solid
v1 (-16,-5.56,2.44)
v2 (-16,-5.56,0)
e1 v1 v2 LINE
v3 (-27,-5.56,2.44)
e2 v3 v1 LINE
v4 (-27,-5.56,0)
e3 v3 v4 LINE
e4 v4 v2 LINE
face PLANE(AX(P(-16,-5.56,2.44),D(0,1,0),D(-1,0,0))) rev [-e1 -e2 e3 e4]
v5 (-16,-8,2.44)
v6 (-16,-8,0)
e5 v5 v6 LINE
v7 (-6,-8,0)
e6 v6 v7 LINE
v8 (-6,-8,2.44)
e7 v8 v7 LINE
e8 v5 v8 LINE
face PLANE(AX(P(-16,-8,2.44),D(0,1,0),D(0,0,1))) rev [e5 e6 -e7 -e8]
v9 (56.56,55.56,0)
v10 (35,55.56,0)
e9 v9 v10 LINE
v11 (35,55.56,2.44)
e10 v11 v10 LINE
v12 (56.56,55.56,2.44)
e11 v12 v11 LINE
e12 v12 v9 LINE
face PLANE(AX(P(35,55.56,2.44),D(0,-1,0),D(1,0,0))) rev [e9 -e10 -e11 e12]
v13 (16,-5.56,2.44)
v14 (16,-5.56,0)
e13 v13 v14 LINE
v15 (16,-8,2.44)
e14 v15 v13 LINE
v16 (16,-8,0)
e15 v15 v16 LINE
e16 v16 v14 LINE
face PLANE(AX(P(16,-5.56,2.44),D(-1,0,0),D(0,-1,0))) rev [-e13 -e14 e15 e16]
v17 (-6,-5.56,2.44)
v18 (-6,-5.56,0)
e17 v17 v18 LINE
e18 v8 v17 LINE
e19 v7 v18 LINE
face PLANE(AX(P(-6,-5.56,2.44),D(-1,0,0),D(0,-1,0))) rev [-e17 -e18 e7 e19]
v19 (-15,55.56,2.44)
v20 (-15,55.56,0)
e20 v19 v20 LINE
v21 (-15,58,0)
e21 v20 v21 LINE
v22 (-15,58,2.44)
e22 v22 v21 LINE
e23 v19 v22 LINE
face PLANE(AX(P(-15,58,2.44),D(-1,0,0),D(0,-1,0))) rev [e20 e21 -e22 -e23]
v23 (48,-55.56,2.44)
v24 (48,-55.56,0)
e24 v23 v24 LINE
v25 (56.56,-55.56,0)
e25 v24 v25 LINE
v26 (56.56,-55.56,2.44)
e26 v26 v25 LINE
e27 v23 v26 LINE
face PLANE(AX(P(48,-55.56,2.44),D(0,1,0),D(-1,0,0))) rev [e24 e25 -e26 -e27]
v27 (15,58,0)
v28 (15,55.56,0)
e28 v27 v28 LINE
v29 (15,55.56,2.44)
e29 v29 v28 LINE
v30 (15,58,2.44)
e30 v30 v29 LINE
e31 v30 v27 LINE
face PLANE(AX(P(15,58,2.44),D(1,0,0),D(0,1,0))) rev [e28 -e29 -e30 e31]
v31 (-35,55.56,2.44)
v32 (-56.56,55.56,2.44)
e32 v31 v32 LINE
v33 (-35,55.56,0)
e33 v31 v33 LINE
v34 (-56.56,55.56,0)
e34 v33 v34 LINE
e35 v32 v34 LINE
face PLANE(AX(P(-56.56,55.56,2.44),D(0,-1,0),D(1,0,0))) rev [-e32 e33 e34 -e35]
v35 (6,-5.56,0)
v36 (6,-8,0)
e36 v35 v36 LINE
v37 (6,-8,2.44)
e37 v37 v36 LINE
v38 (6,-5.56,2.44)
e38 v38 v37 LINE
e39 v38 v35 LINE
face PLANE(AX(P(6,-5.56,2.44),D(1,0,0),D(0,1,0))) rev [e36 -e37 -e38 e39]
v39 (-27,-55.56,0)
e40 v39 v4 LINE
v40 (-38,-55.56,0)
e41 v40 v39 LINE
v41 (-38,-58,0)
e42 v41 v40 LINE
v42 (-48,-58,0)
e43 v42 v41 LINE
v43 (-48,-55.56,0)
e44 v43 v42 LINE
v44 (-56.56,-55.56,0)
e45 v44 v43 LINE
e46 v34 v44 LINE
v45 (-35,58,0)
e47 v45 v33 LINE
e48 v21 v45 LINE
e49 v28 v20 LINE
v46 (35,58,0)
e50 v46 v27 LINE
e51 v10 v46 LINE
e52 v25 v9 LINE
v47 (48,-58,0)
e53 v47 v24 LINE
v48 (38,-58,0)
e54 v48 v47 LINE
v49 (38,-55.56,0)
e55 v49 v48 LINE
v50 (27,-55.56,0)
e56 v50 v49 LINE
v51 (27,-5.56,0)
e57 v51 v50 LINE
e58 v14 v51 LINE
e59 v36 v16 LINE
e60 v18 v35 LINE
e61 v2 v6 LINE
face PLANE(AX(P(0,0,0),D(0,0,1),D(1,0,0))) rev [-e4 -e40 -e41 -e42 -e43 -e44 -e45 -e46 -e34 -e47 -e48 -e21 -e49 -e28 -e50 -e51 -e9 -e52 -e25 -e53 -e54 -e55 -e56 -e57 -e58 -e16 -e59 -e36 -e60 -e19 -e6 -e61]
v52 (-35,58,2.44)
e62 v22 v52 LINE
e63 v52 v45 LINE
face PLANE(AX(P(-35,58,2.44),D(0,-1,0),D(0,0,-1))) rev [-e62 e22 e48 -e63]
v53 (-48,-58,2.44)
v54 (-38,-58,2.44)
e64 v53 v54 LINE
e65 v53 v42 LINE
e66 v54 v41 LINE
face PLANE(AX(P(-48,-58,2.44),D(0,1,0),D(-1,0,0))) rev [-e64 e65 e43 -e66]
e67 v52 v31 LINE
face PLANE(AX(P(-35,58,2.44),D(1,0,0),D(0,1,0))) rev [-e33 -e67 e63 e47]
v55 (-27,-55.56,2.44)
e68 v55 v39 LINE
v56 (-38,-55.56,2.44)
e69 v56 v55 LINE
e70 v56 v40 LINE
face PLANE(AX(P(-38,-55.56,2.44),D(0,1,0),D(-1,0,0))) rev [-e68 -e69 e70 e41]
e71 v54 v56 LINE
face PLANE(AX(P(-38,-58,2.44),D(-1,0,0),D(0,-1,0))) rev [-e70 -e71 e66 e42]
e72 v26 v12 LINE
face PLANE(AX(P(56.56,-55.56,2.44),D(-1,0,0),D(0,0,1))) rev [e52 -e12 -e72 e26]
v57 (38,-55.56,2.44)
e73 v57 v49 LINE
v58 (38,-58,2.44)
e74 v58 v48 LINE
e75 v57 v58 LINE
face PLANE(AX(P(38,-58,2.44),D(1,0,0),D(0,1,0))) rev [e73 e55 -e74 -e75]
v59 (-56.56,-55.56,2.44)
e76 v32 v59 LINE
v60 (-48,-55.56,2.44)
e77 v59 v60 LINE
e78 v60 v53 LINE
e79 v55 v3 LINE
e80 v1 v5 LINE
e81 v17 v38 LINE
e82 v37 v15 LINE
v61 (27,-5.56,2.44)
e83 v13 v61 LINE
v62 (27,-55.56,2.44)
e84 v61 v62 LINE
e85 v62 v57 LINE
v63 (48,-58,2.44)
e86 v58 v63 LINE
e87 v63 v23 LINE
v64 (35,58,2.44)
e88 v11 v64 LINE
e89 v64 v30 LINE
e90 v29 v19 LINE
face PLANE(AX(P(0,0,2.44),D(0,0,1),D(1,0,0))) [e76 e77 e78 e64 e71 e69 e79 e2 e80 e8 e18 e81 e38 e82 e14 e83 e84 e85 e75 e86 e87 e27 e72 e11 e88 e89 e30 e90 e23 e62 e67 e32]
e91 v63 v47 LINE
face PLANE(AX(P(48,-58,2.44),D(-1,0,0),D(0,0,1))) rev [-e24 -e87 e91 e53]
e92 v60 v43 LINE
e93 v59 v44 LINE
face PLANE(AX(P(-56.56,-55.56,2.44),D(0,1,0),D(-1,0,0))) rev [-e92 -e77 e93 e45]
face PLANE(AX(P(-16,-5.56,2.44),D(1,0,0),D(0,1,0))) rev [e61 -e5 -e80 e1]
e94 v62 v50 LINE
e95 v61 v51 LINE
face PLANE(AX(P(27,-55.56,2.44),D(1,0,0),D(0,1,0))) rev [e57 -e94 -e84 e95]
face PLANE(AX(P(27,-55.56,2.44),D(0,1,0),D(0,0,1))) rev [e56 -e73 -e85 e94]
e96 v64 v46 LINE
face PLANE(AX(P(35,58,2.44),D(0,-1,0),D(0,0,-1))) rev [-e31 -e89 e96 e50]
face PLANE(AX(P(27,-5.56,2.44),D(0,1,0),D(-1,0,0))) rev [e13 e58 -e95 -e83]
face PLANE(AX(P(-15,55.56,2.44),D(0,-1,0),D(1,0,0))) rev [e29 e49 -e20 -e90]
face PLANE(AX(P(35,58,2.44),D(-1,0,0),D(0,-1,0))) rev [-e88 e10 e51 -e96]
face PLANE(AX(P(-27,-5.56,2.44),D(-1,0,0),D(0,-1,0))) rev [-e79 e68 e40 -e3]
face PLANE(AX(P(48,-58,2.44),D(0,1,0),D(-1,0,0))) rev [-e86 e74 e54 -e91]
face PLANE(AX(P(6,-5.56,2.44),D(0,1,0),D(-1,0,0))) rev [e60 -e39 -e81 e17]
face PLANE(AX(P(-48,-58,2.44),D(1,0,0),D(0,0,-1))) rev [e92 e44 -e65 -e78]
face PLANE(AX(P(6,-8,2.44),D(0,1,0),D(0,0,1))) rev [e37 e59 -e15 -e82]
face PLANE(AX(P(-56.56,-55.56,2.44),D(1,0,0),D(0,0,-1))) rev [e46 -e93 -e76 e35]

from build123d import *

# Parameters (mm, degrees)
SALIENTE_EXTRUIR1_DEPTH = 2.44


with BuildPart() as part:
    # Croquis1 → Saliente-Extruir1 (new body)
    with BuildSketch(Plane.XY):
        Polygon((-56.56, -55.56), (-48, -55.56), (-48, -58), (-38, -58), (-38, -55.56), (-27, -55.56), (-27, -5.56), (-16, -5.56), (-16, -8), (-6, -8), (-6, -5.56), (6, -5.56), (6, -8), (16, -8), (16, -5.56), (27, -5.56), (27, -55.56), (38, -55.56), (38, -58), (48, -58), (48, -55.56), (56.56, -55.56), (56.56, 55.56), (35, 55.56), (35, 58), (15, 58), (15, 55.56), (-15, 55.56), (-15, 58), (-35, 58), (-35, 55.56), (-56.56, 55.56), align=None)
    extrude(amount=SALIENTE_EXTRUIR1_DEPTH)


solid = part.part
